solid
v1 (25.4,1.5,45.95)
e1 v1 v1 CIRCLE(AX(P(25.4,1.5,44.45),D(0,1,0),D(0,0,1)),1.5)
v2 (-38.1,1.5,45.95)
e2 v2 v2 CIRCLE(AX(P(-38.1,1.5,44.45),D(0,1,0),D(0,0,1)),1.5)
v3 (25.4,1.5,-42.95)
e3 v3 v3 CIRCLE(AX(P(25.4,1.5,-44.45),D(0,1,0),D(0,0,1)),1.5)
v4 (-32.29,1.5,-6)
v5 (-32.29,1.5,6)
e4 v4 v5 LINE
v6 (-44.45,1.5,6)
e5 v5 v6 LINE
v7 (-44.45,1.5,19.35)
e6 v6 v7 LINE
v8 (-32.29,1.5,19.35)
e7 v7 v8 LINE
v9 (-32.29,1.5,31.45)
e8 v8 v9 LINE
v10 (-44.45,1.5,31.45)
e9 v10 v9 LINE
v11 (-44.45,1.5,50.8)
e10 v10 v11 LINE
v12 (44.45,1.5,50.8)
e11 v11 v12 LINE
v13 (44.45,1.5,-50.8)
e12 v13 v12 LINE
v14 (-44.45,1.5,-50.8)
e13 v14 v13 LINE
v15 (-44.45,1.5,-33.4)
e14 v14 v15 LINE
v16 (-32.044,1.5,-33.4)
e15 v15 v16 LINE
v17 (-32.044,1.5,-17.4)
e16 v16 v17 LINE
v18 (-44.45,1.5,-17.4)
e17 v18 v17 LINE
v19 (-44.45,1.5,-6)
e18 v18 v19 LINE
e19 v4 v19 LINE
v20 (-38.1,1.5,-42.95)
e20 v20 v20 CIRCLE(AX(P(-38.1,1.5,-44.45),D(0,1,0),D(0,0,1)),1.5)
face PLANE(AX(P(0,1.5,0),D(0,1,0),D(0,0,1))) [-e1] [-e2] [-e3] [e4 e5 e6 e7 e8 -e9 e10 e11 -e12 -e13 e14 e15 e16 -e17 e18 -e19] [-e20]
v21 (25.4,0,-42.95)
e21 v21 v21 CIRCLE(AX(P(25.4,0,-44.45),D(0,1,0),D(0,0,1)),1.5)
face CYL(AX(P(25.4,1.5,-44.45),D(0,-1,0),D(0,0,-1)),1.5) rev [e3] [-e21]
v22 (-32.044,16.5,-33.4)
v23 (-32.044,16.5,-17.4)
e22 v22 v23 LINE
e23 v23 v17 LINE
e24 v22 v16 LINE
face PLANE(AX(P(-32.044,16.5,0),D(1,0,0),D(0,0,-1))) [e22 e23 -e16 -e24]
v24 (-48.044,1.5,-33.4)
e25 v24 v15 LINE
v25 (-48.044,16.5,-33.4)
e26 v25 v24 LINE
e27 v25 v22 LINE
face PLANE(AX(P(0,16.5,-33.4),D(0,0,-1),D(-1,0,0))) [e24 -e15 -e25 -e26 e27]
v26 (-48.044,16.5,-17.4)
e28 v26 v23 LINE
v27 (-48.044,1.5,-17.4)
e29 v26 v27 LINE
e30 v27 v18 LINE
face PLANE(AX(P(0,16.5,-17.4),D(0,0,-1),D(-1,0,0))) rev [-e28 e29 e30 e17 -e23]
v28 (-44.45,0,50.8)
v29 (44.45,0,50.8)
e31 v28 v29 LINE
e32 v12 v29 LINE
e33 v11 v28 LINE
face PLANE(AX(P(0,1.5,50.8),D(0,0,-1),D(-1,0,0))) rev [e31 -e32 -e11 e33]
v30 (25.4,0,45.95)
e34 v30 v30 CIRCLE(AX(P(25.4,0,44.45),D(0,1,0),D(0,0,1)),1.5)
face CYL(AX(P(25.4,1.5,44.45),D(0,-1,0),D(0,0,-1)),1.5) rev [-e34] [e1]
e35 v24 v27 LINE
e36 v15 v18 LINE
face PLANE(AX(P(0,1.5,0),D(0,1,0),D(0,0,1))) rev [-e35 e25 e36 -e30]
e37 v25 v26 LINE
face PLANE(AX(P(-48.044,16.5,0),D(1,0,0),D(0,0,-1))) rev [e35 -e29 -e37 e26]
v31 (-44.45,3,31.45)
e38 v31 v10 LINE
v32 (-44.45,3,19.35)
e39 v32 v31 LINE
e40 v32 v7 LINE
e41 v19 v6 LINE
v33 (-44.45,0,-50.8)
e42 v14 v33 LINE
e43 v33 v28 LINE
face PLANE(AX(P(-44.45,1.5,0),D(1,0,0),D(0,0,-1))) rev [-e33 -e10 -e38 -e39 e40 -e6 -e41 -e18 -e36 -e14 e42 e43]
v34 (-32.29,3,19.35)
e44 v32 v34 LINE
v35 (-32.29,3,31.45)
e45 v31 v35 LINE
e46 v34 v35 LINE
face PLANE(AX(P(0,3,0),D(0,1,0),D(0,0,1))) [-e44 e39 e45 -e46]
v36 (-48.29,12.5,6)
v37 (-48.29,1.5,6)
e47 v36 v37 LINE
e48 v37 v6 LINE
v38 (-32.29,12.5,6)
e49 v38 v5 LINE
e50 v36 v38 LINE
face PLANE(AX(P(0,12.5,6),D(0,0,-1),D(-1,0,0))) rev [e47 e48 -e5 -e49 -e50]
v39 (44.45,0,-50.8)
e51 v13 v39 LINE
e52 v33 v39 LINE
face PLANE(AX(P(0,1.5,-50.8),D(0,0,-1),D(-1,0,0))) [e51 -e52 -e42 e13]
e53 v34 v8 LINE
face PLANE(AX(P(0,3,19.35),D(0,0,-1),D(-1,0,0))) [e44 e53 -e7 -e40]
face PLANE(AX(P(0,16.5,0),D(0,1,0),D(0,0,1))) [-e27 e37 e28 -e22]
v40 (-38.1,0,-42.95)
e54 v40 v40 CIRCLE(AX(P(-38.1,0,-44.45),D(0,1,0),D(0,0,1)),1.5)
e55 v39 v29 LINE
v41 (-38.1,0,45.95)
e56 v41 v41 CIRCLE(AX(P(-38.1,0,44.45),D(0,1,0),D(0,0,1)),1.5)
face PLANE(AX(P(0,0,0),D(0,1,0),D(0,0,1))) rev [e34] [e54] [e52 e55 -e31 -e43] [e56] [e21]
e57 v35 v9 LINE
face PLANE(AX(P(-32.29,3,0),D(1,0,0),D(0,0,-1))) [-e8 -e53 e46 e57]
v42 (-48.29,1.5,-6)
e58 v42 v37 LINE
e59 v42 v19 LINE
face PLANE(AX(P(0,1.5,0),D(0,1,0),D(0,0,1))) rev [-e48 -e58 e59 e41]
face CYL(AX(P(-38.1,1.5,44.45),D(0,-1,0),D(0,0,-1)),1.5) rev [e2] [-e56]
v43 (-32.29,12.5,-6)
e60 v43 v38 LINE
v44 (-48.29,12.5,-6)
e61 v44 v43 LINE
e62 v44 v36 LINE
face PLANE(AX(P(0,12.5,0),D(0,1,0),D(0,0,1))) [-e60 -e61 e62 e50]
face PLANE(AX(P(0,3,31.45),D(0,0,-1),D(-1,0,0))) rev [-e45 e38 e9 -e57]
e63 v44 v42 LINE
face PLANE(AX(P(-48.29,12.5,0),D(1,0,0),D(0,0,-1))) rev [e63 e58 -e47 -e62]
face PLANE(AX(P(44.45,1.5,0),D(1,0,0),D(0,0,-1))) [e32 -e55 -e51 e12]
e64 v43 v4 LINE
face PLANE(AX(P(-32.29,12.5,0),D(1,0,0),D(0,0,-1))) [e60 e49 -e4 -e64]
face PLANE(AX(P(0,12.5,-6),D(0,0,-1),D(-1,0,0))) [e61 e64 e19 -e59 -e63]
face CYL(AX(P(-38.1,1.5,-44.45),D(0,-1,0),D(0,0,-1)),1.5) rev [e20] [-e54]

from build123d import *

# Parameters (mm, degrees)
SKETCH1_W           = 88.9
SKETCH1_H           = 101.6
SKETCH1_R           = 1.5
BOSS_EXTRUDE1_DEPTH = 1.5
SKETCH3_W           = 16
SKETCH3_H           = 16
BOSS_EXTRUDE2_DEPTH = 15
SKETCH3_3_W         = 16
SKETCH3_3_H         = 12
BOSS_EXTRUDE3_DEPTH = 11
SKETCH3_4_W         = 12.16
SKETCH3_4_H         = 12.1
BOSS_EXTRUDE4_DEPTH = 1.5


with BuildPart() as part:
    # Sketch1 → Boss-Extrude1 (new body)
    with BuildSketch(Plane(origin=(0, 0, 0), x_dir=(1, 0, 0), z_dir=(0, 1, 0))):
        Rectangle(SKETCH1_W, SKETCH1_H)
        with Locations((-38.1, -44.45)):
            Circle(SKETCH1_R, mode=Mode.SUBTRACT)
        with Locations((25.4, -44.45)):
            Circle(SKETCH1_R, mode=Mode.SUBTRACT)
        with Locations((-38.1, 44.45)):
            Circle(SKETCH1_R, mode=Mode.SUBTRACT)
        with Locations((25.4, 44.45)):
            Circle(SKETCH1_R, mode=Mode.SUBTRACT)
    extrude(amount=BOSS_EXTRUDE1_DEPTH)

    # Sketch3 → Boss-Extrude2 (add)
    with BuildSketch(Plane(origin=(0, 1.5, 0), x_dir=(1, 0, 0), z_dir=(0, 1, 0))):
        with Locations((-40.044, 25.4)):
            Rectangle(SKETCH3_W, SKETCH3_H)
    extrude(amount=BOSS_EXTRUDE2_DEPTH)

    # Sketch3<3> → Boss-Extrude3 (add)
    with BuildSketch(Plane(origin=(0, 1.5, 0), x_dir=(1, 0, 0), z_dir=(0, 1, 0))):
        with Locations((-40.29, 0)):
            Rectangle(SKETCH3_3_W, SKETCH3_3_H)
    extrude(amount=BOSS_EXTRUDE3_DEPTH)

    # Sketch3<4> → Boss-Extrude4 (add)
    with BuildSketch(Plane(origin=(0, 1.5, 0), x_dir=(1, 0, 0), z_dir=(0, 1, 0))):
        with Locations((-38.37, -25.4)):
            Rectangle(SKETCH3_4_W, SKETCH3_4_H)
    extrude(amount=BOSS_EXTRUDE4_DEPTH)


solid = part.part
